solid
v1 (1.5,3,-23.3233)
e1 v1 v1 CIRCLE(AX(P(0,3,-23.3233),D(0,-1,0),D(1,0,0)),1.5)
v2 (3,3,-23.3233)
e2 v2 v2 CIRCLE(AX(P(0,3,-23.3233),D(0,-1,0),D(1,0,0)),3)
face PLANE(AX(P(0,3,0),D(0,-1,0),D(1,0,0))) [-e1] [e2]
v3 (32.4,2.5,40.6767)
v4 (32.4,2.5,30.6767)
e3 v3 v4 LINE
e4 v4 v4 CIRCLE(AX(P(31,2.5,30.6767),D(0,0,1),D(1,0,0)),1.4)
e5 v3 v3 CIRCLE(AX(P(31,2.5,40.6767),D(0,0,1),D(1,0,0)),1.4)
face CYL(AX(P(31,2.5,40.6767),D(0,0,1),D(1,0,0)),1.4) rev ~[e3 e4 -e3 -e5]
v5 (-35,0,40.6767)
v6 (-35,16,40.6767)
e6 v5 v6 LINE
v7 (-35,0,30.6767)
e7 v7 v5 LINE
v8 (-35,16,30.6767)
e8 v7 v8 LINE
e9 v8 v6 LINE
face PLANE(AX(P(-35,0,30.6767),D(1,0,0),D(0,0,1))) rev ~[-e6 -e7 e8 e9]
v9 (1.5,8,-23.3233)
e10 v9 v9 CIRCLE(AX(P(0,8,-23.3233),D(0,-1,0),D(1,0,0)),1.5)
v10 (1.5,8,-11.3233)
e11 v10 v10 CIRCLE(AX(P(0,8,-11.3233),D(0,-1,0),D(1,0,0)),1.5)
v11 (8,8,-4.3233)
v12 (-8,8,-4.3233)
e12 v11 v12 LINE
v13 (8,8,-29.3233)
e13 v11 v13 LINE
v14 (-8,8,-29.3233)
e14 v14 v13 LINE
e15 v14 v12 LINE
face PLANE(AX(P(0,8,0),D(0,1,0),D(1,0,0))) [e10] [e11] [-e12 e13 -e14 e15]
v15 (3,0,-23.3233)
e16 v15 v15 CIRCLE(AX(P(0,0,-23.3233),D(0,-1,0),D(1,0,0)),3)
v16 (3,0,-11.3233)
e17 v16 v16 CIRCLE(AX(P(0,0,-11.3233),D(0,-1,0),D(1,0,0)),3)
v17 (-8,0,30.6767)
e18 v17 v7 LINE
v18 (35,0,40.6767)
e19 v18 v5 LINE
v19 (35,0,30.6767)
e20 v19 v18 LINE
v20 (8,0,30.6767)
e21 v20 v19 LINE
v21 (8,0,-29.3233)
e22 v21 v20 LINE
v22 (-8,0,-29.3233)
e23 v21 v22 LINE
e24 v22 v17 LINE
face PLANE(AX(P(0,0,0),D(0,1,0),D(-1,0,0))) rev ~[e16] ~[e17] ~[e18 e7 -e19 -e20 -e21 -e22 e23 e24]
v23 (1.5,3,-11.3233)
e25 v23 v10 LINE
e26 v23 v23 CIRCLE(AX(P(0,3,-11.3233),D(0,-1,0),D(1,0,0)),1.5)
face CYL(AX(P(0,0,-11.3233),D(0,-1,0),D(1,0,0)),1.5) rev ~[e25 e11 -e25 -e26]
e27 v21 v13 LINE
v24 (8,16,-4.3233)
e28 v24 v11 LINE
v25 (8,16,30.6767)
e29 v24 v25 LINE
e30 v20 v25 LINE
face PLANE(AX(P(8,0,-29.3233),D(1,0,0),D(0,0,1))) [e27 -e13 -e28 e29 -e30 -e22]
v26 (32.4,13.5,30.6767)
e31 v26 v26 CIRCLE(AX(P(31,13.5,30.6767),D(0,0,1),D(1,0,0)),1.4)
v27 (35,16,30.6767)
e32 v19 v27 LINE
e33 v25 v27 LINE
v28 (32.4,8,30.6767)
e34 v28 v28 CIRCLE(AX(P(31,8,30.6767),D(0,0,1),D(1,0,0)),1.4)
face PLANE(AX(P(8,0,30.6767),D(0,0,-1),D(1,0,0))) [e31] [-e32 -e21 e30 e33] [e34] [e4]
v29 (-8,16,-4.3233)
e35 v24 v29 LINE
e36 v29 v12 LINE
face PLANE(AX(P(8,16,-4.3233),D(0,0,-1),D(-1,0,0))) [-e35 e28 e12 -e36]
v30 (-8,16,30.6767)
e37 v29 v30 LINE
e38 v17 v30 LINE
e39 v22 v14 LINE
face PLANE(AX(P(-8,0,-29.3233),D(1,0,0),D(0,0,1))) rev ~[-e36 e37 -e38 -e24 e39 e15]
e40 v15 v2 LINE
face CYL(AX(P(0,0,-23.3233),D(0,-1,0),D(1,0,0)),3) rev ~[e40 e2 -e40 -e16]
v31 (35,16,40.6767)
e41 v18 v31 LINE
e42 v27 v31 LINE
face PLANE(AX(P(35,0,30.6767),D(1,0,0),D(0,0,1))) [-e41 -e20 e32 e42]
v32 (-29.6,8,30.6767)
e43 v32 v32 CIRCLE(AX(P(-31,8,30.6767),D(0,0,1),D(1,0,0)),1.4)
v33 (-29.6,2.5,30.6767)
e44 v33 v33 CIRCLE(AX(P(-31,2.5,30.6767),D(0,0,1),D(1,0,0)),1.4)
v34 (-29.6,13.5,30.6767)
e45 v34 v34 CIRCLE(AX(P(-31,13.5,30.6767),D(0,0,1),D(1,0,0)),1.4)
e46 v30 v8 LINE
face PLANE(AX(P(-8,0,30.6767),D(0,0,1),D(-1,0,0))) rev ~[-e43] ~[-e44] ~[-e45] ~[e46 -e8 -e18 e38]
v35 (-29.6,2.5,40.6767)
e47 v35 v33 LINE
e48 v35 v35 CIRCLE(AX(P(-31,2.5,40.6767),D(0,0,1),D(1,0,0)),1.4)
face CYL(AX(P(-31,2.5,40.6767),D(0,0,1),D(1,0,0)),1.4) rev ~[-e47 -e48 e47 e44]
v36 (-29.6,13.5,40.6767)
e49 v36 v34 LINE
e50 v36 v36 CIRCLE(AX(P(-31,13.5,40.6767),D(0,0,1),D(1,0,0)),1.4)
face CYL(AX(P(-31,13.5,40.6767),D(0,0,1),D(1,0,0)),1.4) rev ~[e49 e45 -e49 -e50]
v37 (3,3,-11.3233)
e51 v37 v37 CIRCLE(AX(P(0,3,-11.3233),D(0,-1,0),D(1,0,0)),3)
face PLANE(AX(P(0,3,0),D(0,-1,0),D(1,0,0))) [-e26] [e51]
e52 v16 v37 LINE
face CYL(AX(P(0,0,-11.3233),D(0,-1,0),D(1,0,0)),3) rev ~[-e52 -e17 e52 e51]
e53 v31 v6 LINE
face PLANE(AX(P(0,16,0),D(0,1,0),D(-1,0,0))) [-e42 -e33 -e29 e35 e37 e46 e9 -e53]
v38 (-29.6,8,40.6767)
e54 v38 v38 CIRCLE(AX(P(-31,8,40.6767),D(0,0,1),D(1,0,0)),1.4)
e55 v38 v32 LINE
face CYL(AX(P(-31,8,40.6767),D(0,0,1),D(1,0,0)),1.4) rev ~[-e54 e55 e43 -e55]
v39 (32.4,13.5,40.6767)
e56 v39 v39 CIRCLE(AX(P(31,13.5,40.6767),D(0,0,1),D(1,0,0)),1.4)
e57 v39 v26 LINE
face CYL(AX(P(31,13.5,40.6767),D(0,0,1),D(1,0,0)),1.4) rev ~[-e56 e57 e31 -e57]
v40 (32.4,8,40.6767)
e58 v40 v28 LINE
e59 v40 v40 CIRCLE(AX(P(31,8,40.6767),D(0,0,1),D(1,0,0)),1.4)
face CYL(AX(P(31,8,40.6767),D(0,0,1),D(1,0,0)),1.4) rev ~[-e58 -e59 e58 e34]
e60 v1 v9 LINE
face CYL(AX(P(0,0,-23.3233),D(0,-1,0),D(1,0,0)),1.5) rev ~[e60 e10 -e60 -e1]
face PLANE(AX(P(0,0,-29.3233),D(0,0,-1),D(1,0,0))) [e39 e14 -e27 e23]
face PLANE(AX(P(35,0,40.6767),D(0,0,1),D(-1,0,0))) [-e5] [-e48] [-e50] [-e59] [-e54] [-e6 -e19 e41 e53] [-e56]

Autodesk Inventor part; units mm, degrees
ref_plane "YZ Plane" through (0, 0, 0) normal (1, 0, 0) x (0, 1, 0)
ref_plane "XZ Plane" through (0, 0, 0) normal (0, 1, 0) x (-1, 0, 0)
ref_plane "XY Plane" through (0, 0, 0) normal (0, 0, 1) x (1, 0, 0)
sketch "Sketch1" plane through (0, 0, 0) normal (0, 1, 0) x (-1, 0, 0)
  line L0 (0, -29.3233) -> (8, -29.3233)
  line L1 (8, -29.3233) -> (8, 30.6767)
  line L2 (0, 0) -> (0, -29.3233) construction
  line L3 (0, -29.3233) -> (-8, -29.3233)
  line L4 (-8, -29.3233) -> (-8, 30.6767)
  line L5 (8, 30.6767) -> (35, 30.6767)
  line L6 (35, 30.6767) -> (35, 40.6767)
  line L7 (35, 40.6767) -> (2.1646, 40.6767)
  line L8 (2.1646, 40.6767) -> (0, 40.6767)
  line L9 (-8, 30.6767) -> (-35, 30.6767)
  line L10 (-35, 30.6767) -> (-35, 40.6767)
  line L11 (-35, 40.6767) -> (-2.1646, 40.6767)
  line L12 (-2.1646, 40.6767) -> (0, 40.6767)
  point P0 (4, -29.3233)
  point P1 (-4, -29.3233)
  dimension "d0" = 16
  dimension "d17" = 10
  dimension "d32" = 70
  dimension "d35" = 70
extrude "Extrusion1" add sketch "Sketch1" along normal blind 16
sketch "Sketch2" plane through (0, 16, 0) normal (0, 1, 0) x (1, 0, 0)
  line L0 (8, 29.3233) -> (-8, 29.3233) projected
  line L1 (-8, 29.3233) -> (-8, -30.6767) projected
  line L2 (8, -30.6767) -> (8, 29.3233) projected
  line L3 (8, -30.6767) -> (8, 29.3233) projected
  line L4 (-8, 29.3233) -> (8, 29.3233)
  line L5 (8, 29.3233) -> (8, 4.3233)
  line L6 (8, 4.3233) -> (-8, 4.3233)
  line L7 (-8, 4.3233) -> (-8, 29.3233)
  line L8 (-8, -30.6767) -> (-35, -30.6767) projected
  line L9 (-35, -30.6767) -> (-35, -40.6767) projected
  line L10 (-35, -40.6767) -> (35, -40.6767) projected
  line L11 (35, -40.6767) -> (35, -30.6767) projected
  line L12 (35, -30.6767) -> (8, -30.6767) projected
  point P0 (0, 0)
  point P1 (-8, 4.3233)
  dimension "d6" = 25
extrude "Extrusion2" cut sketch "Sketch2" against normal blind 8 contours L2 L6 L1 L0
sketch "Sketch3" plane through (0, 0, 0) normal (0, -1, 0) x (1, 0, 0)
  line L0 (8, -29.3233) -> (-8, -29.3233) projected
  line L1 (8, 30.6767) -> (8, -29.3233) projected
  line L2 (-8, -29.3233) -> (-8, 30.6767) projected
  circle A0 centre (0, -23.3233) radius 1.5
  circle A1 centre (0, -11.3233) radius 1.5
  line L3 (35, 30.6767) -> (8, 30.6767) projected
  line L4 (35, 40.6767) -> (35, 30.6767) projected
  line L5 (-35, 40.6767) -> (35, 40.6767) projected
  line L6 (-35, 30.6767) -> (-35, 40.6767) projected
  line L7 (-8, 30.6767) -> (-35, 30.6767) projected
  point P0 (0, 0)
  dimension "d9" = 3
  dimension "d10" = 6
  dimension "d11" = 12
extrude "Extrusion3" cut sketch "Sketch3" against normal through all contours A0 | A1
sketch "Sketch4" plane through (0, 0, 0) normal (0, -1, 0) x (1, 0, 0)
  circle A0 centre (0, -11.3233) radius 1.5 projected
  circle A1 centre (0, -23.3233) radius 1.5 projected
  line L0 (8, -29.3233) -> (-8, -29.3233) projected
  line L1 (8, 30.6767) -> (8, -29.3233) projected
  line L2 (-8, -29.3233) -> (-8, 30.6767) projected
  circle A2 centre (0, -23.3233) radius 3
  circle A3 centre (0, -11.3233) radius 1.5 projected
  circle A4 centre (0, -11.3233) radius 3
  line L3 (35, 30.6767) -> (8, 30.6767) projected
  line L4 (35, 40.6767) -> (35, 30.6767) projected
  line L5 (-35, 40.6767) -> (35, 40.6767) projected
  line L6 (-35, 30.6767) -> (-35, 40.6767) projected
  line L7 (-8, 30.6767) -> (-35, 30.6767) projected
  point P0 (0, 0)
  dimension "d14" = 6
extrude "Extrusion4" cut sketch "Sketch4" against normal blind 3 contours A2 | A4
sketch "Sketch5" plane through (0.8354, 0, 40.6767) normal (0, 0, 1) x (1, 0, 0)
  line L0 (-35.8354, 0) -> (34.1646, 0) projected
  line L1 (-35.8354, 16) -> (34.1646, 16) projected
  line L2 (-35.8354, 0) -> (-35.8354, 16) projected
  line L3 (-35.8354, 0) -> (-35.8354, 16) construction
  line L4 (-35.8354, 8) -> (34.1646, 8) construction
  circle A0 centre (-31.8354, 13.5) radius 1.4
  circle A1 centre (-31.8354, 8) radius 1.4
  circle A2 centre (-31.8354, 2.5) radius 1.4
  line L5 (34.1646, 0) -> (34.1646, 16) projected
  line L6 (-35.8354, 16) -> (34.1646, 16) construction
  line L7 (-0.8354, 16) -> (-0.8354, 0) construction
  line L8 (-35.8354, 0) -> (34.1646, 0) projected
  circle A3 centre (30.1646, 13.5) radius 1.4
  circle A4 centre (30.1646, 8) radius 1.4
  circle A5 centre (30.1646, 2.5) radius 1.4
  dimension "d19" = 2.8
  dimension "d20" = 11
  dimension "d21" = 4
extrude "Extrusion8" cut sketch "Sketch5" against normal through all contours A0 | A1 | A2 | A3 | A4 | A5
properties part number "B1_head_T"
